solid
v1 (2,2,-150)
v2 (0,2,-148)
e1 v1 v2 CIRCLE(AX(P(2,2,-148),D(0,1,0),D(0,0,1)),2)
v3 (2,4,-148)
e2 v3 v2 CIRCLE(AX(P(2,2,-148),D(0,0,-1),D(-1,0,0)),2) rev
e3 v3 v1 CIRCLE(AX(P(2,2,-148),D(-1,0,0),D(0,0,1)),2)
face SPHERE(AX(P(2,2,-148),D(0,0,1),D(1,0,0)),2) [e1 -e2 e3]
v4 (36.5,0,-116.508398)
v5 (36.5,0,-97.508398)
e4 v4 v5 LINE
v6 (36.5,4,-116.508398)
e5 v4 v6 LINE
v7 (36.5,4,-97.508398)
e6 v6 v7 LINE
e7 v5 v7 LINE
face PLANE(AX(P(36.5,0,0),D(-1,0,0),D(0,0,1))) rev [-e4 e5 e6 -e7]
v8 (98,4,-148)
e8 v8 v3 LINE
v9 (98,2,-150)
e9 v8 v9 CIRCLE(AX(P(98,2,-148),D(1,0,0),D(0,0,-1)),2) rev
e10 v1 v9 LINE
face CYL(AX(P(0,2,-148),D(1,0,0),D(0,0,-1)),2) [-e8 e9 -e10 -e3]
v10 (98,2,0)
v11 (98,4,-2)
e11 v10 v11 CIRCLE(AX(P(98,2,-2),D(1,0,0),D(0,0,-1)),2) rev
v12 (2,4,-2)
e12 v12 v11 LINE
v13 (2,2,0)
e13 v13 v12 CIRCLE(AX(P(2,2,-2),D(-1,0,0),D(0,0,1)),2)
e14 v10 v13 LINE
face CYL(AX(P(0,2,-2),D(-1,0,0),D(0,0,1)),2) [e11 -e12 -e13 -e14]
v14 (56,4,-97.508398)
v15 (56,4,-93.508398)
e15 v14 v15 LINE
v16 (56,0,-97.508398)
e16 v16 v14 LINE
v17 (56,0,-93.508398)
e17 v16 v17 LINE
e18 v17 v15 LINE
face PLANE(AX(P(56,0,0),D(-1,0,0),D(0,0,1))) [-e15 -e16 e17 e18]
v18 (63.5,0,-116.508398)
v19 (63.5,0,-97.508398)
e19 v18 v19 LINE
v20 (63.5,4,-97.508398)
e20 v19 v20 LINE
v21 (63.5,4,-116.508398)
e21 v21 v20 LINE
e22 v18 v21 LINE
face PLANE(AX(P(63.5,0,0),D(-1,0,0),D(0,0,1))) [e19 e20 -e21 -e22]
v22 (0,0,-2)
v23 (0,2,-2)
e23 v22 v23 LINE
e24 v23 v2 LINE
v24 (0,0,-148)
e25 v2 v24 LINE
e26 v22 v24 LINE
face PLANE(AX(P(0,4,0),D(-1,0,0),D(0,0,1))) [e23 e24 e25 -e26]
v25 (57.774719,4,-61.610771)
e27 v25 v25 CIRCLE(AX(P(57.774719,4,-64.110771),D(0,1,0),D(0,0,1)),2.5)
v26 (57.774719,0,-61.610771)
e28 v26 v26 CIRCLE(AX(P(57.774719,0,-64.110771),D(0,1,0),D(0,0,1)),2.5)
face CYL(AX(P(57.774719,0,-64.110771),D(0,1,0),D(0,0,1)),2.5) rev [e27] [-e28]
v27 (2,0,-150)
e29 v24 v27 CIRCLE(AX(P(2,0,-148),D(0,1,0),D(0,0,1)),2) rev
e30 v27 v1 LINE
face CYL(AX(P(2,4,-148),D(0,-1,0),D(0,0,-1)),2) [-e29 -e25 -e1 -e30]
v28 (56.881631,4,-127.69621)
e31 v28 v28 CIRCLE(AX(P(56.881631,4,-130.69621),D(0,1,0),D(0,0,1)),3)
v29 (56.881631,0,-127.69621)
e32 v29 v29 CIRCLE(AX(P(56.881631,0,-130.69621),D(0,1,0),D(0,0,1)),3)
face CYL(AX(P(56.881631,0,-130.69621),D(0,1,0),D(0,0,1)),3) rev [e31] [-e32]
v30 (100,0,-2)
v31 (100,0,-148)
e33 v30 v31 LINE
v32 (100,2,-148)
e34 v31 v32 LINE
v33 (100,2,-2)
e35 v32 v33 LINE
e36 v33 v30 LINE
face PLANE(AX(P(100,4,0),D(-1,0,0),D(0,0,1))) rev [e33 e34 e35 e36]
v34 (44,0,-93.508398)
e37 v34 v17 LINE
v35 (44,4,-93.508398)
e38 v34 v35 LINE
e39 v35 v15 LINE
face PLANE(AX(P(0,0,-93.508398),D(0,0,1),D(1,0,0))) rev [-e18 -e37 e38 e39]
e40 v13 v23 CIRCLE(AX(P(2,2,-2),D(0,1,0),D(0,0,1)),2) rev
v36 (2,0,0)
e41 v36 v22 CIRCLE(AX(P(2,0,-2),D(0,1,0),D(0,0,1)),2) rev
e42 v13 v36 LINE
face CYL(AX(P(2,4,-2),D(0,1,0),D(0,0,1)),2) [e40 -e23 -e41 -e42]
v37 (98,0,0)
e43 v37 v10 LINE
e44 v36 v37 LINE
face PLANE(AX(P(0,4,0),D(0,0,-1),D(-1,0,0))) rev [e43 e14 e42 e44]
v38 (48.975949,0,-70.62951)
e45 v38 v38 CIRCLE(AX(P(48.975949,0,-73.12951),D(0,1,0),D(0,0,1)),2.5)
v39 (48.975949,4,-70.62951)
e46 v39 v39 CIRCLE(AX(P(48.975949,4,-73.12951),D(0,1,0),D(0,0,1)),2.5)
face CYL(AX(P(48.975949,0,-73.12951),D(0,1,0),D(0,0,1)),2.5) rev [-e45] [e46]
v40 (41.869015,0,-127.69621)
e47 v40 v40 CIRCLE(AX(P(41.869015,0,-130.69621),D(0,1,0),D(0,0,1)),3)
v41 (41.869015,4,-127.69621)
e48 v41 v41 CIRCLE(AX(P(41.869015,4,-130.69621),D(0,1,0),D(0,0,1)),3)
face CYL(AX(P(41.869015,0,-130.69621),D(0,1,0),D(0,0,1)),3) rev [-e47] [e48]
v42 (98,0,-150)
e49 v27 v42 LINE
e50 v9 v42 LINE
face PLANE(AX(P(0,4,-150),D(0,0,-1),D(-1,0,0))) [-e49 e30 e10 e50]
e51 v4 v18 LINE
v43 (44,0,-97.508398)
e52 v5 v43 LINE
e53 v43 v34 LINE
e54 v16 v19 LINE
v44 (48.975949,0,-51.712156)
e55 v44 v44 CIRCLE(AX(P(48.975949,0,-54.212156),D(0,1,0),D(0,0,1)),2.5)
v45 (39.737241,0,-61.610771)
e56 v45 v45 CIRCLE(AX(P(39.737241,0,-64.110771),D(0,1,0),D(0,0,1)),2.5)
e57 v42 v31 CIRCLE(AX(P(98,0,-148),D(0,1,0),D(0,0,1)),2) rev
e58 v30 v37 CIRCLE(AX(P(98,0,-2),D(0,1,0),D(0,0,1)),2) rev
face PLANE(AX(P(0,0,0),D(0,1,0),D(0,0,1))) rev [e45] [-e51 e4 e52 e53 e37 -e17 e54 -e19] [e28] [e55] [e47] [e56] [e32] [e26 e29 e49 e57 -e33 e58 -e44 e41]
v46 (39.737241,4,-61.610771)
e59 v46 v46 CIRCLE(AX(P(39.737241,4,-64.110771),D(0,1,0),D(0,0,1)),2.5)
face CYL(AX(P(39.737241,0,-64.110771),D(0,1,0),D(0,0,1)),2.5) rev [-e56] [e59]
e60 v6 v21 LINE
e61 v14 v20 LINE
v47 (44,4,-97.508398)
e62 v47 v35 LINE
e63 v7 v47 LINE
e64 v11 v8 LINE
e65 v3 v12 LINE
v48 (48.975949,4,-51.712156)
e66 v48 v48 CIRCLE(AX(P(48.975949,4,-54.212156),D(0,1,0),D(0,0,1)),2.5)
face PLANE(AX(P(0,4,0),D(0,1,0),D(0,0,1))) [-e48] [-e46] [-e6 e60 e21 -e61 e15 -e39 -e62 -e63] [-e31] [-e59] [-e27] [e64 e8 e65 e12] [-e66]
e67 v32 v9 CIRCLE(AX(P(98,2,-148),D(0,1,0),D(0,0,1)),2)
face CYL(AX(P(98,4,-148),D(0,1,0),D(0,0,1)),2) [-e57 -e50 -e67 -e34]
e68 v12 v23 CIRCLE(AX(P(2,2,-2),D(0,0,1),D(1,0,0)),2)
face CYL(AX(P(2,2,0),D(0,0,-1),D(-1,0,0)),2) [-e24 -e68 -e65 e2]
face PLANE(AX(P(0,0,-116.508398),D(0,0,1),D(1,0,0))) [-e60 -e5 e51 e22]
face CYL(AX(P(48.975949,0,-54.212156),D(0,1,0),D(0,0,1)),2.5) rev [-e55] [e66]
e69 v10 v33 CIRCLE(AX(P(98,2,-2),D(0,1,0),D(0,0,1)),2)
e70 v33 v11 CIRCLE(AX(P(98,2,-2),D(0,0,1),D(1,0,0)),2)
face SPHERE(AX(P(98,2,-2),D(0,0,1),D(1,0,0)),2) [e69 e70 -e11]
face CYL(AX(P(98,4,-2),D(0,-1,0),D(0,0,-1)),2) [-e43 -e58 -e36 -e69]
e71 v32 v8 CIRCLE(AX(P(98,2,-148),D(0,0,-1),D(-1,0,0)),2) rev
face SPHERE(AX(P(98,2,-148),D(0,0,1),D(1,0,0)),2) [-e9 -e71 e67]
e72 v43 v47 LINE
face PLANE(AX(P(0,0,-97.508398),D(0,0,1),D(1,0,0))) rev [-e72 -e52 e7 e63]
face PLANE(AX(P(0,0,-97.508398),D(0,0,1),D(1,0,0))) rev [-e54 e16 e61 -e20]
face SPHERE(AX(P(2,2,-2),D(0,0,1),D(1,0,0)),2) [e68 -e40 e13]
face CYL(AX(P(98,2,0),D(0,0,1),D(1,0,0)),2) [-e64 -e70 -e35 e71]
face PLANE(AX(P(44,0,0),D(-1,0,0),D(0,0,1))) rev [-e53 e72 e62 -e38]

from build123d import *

# Parameters (mm, degrees)
SKETCH1_W           = 100
SKETCH1_H           = 150
BOSS_EXTRUDE1_DEPTH = 4
CUT_EXTRUDE1_DEPTH  = 4
SKETCH2_4_W         = 12
SKETCH2_4_H         = 4
CUT_EXTRUDE2_DEPTH  = 4
SKETCH3_R           = 2.5
CUT_EXTRUDE3_DEPTH  = 4
SKETCH4_R           = 3
CUT_EXTRUDE4_DEPTH  = 4
FILLET1_R           = 2


with BuildPart() as part:
    # Sketch1 → Boss-Extrude1 (new body)
    with BuildSketch(Plane(origin=(0, 0, 0), x_dir=(1, 0, 0), z_dir=(0, 1, 0))):
        with Locations((50, 75)):
            Rectangle(SKETCH1_W, SKETCH1_H)
    extrude(amount=BOSS_EXTRUDE1_DEPTH)

    # Sketch2 → Cut-Extrude1 (cut)
    with BuildSketch(Plane(origin=(0, 4, 0), x_dir=(1, 0, 0), z_dir=(0, 1, 0))):
        Polygon((63.5, 116.508398101), (36.5, 116.508398101), (36.5, 97.508398101), (44, 97.508398101), (56, 97.508398101), (63.5, 97.508398101), align=None)
    extrude(amount=-CUT_EXTRUDE1_DEPTH, mode=Mode.SUBTRACT)

    # Sketch2<4> → Cut-Extrude2 (cut)
    with BuildSketch(Plane(origin=(0, 4, 0), x_dir=(1, 0, 0), z_dir=(0, 1, 0))):
        with Locations((50, 95.508398101)):
            Rectangle(SKETCH2_4_W, SKETCH2_4_H)
    extrude(amount=-CUT_EXTRUDE2_DEPTH, mode=Mode.SUBTRACT)

    # Sketch3 → Cut-Extrude3 (cut)
    with BuildSketch(Plane(origin=(0, 4, 0), x_dir=(1, 0, 0), z_dir=(0, 1, 0))):
        with Locations((48.975949338, 73.129510144)):
            Circle(SKETCH3_R)
        with Locations((48.975949338, 54.212155816)):
            Circle(SKETCH3_R)
        with Locations((57.774718793, 64.110771453)):
            Circle(SKETCH3_R)
        with Locations((39.737241411, 64.110771453)):
            Circle(SKETCH3_R)
    extrude(amount=-CUT_EXTRUDE3_DEPTH, mode=Mode.SUBTRACT)

    # Sketch4 → Cut-Extrude4 (cut)
    with BuildSketch(Plane(origin=(0, 4, 0), x_dir=(1, 0, 0), z_dir=(0, 1, 0))):
        with Locations((56.881630687, 130.696209526)):
            Circle(SKETCH4_R)
        with Locations((41.869015261, 130.696209526)):
            Circle(SKETCH4_R)
    extrude(amount=-CUT_EXTRUDE4_DEPTH, mode=Mode.SUBTRACT)

    # Fillet1
    fillet1_edges = [part.edges().sort_by_distance(p)[0] for p in [
        (0, 2, 0),
        (50, 4, 0),
        (100, 2, 0),
        (100, 4, -75),
        (100, 2, -150),
        (0, 2, -150),
        (0, 4, -75),
        (50, 4, -150),
    ]]
    fillet(fillet1_edges, radius=FILLET1_R)


solid = part.part
